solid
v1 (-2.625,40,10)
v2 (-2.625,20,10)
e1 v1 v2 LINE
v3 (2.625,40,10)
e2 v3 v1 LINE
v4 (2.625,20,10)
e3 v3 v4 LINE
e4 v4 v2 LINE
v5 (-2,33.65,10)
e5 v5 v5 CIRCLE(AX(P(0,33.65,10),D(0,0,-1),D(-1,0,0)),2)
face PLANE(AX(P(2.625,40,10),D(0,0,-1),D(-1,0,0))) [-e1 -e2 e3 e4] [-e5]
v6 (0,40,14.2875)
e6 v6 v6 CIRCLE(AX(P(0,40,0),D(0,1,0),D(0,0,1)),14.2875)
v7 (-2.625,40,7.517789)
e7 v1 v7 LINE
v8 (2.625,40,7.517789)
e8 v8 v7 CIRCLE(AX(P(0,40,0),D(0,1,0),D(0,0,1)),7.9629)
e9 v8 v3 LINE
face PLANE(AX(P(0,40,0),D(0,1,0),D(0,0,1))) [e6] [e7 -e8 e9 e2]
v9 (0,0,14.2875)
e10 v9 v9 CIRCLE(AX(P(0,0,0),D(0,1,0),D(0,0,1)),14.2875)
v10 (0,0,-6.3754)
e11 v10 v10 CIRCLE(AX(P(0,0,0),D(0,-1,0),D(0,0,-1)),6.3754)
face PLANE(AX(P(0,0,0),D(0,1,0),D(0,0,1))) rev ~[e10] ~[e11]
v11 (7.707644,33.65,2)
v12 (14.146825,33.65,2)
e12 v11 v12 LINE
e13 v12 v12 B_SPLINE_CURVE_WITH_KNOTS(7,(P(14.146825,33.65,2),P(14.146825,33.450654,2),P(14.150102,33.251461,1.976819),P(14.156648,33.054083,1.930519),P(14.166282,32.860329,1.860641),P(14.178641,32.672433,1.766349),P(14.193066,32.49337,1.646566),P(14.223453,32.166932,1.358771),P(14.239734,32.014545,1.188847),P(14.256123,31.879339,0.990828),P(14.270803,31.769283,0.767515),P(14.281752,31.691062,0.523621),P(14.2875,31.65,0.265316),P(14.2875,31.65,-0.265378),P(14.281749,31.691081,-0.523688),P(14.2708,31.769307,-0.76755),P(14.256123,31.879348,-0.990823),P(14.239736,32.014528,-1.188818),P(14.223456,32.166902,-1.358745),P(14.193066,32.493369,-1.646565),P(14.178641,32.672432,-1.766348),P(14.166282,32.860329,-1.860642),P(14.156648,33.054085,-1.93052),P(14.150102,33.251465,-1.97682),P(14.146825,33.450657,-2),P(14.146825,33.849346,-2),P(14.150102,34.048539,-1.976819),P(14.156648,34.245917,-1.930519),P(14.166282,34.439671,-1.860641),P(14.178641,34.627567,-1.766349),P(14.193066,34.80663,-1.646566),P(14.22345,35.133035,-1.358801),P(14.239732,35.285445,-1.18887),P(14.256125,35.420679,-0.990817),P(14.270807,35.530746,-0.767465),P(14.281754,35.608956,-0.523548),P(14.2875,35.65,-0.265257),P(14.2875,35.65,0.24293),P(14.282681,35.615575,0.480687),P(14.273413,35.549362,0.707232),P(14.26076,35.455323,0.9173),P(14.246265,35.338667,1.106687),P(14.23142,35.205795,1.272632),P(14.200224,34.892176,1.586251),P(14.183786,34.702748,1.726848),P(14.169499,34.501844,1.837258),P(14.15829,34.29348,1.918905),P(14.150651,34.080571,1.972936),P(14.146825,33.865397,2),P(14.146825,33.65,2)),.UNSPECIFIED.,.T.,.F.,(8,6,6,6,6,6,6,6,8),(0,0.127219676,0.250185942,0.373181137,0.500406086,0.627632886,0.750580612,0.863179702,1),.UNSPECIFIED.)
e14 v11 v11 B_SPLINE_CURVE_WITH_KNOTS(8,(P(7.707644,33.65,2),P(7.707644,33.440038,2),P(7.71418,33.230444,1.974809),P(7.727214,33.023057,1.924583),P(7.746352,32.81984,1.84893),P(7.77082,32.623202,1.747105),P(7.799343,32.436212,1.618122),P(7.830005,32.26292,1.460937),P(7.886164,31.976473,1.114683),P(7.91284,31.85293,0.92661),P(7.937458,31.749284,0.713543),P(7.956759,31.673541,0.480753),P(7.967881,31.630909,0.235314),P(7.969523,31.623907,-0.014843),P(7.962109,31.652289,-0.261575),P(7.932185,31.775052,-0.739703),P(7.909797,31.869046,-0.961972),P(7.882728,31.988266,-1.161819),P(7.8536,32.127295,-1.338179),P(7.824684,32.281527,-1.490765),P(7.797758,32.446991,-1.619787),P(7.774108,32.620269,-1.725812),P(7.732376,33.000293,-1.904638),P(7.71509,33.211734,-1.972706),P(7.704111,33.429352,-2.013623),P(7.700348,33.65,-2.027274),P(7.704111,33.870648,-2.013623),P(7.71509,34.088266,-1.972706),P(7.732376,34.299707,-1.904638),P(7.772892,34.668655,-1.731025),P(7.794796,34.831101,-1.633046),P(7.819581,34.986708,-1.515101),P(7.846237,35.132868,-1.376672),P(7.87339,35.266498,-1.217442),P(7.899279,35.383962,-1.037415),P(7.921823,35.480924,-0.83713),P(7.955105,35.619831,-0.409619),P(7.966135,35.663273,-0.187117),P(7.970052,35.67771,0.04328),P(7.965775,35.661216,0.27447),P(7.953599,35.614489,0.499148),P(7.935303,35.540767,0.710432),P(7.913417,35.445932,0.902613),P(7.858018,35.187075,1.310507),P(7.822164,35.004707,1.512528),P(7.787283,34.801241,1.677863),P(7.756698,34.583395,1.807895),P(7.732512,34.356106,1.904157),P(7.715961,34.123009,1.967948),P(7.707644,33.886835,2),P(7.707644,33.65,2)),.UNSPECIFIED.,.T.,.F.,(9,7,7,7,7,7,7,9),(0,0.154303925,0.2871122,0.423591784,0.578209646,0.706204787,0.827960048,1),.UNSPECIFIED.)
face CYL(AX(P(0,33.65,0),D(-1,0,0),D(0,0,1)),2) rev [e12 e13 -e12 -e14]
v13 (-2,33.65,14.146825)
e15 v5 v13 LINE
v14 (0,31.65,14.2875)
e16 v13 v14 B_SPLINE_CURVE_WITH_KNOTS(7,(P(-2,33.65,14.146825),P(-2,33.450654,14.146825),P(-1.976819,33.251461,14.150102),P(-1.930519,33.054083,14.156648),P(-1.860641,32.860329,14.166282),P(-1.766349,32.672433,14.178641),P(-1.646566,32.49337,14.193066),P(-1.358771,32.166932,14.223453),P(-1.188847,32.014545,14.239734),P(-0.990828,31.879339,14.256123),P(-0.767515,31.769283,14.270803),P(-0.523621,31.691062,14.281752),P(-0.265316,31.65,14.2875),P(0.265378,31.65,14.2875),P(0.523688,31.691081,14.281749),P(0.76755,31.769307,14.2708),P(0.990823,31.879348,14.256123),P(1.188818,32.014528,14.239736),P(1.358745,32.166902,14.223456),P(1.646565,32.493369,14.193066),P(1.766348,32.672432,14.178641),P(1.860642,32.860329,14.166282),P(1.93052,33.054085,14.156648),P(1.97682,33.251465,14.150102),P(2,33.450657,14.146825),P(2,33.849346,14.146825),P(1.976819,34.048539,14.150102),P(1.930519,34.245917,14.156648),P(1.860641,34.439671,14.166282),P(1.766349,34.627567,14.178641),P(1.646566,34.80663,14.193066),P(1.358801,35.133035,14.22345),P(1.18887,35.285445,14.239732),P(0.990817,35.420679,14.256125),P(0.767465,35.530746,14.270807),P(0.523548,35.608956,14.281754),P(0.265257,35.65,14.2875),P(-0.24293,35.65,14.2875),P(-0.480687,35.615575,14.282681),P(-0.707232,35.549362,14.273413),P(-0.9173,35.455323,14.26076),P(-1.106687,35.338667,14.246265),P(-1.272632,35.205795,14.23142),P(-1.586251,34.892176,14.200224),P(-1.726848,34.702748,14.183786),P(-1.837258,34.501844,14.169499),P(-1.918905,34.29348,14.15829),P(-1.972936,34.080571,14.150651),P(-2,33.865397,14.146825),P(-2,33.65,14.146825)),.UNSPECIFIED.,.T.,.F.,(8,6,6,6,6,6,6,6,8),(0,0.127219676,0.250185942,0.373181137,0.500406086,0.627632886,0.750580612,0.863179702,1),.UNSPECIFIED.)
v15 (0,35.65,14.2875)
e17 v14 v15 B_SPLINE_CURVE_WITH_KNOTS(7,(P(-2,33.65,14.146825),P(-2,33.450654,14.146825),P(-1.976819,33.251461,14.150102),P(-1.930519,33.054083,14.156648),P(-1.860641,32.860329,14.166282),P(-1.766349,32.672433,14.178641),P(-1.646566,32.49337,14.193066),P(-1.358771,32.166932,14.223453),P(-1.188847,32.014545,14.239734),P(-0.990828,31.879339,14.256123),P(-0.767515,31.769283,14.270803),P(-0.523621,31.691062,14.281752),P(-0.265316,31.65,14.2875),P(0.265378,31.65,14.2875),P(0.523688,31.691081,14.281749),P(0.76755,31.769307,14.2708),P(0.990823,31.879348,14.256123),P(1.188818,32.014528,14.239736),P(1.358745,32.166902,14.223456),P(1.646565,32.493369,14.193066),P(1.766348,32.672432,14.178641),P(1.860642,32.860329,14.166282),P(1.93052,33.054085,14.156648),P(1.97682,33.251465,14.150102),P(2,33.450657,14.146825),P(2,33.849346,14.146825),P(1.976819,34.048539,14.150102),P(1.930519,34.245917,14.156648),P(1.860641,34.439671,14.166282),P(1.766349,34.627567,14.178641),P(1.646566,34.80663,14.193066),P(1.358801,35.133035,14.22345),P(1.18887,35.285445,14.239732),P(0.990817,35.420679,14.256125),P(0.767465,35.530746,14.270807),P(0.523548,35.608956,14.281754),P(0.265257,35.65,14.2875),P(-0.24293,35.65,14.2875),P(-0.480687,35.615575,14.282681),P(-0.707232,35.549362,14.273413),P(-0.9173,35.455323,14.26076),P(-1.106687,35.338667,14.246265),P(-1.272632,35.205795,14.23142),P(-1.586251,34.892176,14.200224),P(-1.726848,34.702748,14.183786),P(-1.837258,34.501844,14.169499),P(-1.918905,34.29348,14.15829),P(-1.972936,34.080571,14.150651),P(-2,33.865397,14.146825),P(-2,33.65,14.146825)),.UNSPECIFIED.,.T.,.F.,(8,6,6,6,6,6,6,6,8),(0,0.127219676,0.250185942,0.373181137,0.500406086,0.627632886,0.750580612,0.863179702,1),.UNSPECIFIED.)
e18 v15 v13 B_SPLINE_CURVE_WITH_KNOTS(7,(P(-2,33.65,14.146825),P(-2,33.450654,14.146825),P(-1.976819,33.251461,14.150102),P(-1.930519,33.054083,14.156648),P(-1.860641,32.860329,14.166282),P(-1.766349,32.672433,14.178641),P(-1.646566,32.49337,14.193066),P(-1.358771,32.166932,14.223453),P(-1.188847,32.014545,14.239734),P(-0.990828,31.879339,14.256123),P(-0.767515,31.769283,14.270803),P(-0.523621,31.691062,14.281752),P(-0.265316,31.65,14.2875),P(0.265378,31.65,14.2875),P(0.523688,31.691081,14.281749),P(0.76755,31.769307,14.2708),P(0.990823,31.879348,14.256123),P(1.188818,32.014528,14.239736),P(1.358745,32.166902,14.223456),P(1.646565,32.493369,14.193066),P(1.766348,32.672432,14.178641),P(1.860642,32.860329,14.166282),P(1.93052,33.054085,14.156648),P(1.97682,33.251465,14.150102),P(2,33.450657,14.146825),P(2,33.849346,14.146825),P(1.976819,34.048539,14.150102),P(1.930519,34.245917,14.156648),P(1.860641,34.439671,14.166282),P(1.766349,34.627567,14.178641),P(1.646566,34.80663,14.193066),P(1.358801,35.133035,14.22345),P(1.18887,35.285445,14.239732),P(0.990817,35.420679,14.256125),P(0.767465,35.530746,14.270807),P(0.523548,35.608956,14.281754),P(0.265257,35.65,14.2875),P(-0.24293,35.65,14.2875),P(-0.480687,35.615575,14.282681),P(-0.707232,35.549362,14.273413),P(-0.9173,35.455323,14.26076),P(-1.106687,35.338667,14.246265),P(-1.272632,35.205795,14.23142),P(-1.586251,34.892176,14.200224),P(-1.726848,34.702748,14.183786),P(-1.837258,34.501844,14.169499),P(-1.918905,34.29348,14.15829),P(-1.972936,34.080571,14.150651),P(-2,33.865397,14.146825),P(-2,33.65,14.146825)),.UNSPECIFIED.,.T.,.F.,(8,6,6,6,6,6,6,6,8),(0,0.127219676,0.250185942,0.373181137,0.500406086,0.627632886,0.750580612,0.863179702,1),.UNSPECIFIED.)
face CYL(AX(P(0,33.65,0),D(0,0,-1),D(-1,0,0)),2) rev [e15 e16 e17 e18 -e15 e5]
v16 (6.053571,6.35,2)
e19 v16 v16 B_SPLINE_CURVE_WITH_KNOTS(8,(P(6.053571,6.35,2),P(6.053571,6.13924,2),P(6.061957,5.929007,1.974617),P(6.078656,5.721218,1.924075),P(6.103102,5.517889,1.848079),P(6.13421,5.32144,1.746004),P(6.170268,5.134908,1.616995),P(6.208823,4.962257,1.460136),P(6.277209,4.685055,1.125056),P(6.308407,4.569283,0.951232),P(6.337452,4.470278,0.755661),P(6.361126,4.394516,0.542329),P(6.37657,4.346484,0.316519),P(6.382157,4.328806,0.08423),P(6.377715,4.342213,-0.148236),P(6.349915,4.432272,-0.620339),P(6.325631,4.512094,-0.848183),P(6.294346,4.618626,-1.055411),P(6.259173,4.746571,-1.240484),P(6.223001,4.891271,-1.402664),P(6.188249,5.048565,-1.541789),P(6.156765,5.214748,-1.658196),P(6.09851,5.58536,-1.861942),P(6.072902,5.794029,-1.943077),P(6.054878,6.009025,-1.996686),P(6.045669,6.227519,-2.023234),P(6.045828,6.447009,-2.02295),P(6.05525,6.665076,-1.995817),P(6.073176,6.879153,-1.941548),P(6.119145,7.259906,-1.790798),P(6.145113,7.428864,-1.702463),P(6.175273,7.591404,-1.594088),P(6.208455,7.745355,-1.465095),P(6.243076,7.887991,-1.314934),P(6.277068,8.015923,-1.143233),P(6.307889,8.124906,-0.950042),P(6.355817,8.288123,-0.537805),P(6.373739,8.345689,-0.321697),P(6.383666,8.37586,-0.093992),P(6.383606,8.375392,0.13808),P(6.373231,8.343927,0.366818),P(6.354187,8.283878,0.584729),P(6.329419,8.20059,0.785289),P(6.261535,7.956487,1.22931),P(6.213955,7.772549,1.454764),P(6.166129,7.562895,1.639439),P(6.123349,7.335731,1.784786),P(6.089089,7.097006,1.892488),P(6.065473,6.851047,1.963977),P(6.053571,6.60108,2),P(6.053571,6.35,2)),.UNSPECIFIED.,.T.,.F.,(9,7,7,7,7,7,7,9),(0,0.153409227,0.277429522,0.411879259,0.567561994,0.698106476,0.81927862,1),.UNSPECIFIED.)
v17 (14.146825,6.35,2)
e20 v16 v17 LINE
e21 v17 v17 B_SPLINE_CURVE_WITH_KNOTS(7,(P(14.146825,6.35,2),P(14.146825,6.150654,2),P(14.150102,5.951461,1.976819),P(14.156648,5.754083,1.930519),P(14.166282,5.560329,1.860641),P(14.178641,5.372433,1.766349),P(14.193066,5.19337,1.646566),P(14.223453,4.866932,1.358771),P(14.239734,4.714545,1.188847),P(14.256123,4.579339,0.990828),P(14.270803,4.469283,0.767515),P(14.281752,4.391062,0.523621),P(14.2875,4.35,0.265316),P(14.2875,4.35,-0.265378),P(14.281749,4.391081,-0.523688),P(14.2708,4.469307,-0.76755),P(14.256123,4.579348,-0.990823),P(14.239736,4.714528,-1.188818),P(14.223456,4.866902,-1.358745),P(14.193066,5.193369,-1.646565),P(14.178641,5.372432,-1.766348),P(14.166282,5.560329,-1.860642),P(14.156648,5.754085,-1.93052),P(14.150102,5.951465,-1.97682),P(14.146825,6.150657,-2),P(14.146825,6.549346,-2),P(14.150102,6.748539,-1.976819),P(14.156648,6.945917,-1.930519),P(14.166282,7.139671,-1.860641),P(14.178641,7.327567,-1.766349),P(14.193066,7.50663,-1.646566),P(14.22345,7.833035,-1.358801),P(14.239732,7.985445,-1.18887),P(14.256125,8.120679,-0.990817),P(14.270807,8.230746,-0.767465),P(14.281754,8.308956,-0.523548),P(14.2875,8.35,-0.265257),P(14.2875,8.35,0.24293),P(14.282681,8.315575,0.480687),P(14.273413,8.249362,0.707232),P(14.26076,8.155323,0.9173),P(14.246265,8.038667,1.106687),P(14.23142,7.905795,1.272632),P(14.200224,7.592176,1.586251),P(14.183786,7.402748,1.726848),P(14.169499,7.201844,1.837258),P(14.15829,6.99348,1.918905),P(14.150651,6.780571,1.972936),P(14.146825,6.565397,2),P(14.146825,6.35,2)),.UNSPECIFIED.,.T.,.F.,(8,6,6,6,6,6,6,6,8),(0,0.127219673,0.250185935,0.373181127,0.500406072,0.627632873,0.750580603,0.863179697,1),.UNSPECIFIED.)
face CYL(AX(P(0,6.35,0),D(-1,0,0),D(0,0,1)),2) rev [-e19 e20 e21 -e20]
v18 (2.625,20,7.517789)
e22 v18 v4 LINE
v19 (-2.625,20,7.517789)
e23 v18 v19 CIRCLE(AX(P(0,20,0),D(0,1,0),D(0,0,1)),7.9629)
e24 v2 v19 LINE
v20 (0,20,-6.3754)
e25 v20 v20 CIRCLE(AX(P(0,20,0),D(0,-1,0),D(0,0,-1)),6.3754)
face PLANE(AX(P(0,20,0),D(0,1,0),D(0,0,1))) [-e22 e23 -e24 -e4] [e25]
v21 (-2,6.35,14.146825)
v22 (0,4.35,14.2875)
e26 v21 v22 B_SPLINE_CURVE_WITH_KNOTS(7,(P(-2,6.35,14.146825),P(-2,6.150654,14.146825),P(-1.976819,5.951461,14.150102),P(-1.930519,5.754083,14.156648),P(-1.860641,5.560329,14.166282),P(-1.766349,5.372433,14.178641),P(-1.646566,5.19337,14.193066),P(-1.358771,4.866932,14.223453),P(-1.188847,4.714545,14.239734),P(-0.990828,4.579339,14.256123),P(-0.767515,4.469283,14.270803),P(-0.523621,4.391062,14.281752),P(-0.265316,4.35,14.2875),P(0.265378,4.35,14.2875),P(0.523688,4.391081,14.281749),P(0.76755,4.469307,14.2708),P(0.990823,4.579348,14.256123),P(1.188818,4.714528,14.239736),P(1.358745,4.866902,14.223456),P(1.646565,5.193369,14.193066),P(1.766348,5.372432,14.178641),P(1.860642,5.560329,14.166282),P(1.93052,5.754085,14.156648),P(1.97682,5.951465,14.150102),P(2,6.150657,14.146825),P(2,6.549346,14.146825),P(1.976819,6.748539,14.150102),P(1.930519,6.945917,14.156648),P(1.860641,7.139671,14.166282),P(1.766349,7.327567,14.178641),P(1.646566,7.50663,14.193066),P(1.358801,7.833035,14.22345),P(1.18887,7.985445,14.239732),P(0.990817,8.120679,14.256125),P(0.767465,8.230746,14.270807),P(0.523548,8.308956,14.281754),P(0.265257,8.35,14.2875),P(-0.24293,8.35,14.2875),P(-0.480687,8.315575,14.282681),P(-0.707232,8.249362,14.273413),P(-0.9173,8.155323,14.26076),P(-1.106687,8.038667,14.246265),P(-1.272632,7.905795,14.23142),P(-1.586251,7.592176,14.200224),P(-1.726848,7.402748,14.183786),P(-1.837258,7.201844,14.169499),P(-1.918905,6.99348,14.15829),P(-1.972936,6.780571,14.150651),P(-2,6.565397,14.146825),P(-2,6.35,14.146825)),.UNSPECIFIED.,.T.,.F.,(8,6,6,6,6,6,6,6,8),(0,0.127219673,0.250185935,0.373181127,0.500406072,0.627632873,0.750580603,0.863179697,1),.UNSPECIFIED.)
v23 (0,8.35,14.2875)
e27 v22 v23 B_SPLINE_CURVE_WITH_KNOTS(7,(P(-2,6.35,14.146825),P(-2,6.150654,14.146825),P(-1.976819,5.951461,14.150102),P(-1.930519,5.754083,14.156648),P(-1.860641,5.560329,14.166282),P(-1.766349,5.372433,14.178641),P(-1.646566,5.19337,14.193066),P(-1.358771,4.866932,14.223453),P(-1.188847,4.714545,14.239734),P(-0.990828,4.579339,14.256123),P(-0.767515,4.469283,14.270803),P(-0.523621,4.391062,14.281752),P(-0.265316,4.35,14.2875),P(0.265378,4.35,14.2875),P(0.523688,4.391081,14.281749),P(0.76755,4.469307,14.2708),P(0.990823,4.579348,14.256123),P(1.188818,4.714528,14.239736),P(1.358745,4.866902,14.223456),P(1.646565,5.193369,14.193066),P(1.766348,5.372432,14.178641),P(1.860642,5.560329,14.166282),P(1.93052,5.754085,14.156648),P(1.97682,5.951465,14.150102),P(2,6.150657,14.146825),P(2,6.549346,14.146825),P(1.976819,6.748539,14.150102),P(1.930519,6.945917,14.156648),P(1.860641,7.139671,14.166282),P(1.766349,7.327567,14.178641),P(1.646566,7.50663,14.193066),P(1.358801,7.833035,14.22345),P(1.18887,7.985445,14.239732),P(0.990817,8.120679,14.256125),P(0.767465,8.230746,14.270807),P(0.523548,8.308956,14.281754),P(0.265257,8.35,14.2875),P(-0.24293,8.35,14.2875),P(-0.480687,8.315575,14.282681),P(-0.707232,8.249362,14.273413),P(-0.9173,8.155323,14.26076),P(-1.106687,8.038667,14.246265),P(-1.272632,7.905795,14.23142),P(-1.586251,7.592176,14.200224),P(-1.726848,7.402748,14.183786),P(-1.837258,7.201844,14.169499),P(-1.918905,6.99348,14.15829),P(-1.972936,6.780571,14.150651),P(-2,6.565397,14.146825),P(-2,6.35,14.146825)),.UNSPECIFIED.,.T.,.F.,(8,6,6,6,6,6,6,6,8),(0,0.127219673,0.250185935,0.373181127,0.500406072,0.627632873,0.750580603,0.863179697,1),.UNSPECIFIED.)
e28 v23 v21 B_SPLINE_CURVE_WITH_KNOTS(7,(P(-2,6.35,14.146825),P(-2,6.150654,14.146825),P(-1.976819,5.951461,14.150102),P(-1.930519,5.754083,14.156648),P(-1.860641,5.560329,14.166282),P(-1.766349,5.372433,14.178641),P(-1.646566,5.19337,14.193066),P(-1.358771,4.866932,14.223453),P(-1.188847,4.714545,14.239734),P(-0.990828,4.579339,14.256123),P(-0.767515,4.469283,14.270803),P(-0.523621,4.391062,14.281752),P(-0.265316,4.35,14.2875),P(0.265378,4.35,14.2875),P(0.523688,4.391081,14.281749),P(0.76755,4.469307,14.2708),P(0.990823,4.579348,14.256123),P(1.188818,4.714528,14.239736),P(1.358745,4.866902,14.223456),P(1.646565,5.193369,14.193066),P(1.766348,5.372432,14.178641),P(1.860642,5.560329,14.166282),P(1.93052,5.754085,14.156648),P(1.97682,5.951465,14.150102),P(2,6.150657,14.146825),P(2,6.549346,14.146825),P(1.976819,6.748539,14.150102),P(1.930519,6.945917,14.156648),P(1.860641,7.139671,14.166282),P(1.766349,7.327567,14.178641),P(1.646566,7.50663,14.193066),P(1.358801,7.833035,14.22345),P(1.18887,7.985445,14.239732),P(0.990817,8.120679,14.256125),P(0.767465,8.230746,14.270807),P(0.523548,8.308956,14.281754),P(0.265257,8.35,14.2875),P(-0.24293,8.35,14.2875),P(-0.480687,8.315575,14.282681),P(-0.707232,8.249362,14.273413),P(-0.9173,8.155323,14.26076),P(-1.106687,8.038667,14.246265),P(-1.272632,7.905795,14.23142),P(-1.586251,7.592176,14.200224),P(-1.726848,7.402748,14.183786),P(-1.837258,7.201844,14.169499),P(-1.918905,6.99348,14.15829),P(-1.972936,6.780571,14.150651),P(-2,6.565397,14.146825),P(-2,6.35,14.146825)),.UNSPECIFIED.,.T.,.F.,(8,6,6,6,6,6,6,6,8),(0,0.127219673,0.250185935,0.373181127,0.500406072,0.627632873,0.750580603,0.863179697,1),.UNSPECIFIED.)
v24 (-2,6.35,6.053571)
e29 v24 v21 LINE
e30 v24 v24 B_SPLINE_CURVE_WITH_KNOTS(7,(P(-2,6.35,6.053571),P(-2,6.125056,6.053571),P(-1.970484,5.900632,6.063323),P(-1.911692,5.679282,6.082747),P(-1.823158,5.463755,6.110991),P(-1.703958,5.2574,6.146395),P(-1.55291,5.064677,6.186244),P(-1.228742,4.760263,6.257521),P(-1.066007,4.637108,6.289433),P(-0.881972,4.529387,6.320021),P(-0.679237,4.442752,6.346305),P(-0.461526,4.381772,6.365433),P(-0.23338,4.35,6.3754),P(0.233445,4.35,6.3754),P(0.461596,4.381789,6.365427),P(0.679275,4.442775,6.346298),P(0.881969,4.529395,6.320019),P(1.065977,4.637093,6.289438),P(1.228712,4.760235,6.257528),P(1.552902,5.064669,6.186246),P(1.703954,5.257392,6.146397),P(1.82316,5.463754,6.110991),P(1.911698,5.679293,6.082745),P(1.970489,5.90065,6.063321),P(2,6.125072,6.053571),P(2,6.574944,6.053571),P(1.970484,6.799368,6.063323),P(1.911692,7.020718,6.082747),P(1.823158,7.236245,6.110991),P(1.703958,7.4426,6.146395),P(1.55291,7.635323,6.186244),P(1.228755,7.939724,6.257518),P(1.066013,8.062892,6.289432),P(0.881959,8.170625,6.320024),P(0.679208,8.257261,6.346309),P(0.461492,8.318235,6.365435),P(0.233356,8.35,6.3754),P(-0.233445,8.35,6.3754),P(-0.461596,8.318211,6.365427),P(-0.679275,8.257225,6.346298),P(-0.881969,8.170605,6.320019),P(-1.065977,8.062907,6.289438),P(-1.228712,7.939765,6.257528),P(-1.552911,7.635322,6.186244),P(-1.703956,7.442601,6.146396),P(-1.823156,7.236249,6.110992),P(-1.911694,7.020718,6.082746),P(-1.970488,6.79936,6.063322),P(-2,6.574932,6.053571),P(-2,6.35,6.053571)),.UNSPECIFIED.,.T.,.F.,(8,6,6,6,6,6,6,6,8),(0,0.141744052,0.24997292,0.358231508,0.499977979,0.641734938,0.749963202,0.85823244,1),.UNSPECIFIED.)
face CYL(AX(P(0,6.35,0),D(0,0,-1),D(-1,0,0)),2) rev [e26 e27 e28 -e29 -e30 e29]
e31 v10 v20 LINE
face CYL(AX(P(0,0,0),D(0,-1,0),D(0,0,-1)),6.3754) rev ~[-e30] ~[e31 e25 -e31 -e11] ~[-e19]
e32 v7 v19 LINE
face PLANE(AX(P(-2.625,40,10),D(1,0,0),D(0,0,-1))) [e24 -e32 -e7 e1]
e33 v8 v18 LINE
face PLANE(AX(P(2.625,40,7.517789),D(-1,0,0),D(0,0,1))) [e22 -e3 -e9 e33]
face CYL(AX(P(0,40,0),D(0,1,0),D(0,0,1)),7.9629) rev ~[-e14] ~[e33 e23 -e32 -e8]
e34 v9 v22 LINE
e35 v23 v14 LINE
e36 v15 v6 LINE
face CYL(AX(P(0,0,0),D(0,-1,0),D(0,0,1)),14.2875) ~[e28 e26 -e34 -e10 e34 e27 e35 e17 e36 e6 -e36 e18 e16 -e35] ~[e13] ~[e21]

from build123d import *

# Parameters (mm, degrees)
SKETCH1_R               = 14.2875
BOSS_EXTRUDE1_DEPTH     = 40
CUT_EXTRUDE1_REACH      = 46.814
SKETCH2_R               = 6.3754
SKETCH3_R               = 7.9629
CUT_EXTRUDE2_DEPTH      = 20
CUT_EXTRUDE3_DEPTH      = 20
CUT_EXTRUDE4_REACH      = 46.814
CUT_EXTRUDE4_END_RADIUS = 14.2875
SKETCH5_R               = 2
CIRPATTERN1_COUNT       = 2
CIRPATTERN1_ANGLE       = 90


with BuildPart() as part:
    # Sketch1 → Boss-Extrude1 (new body)
    with BuildSketch(Plane(origin=(0, 0, 0), x_dir=(1, 0, 0), z_dir=(0, 1, 0))):
        with Locations(Location((0, 0, 0), (0, 0, 270))):
            Circle(SKETCH1_R)
    extrude(amount=BOSS_EXTRUDE1_DEPTH)

    # Sketch2 → Cut-Extrude1 (cut, up to next)
    with BuildSketch(Plane(origin=(0, 0, 0), x_dir=(-1, 0, 0), z_dir=(0, -1, 0)), mode=Mode.PRIVATE) as cut_extrude1_sk1:
        with Locations(Location((0, 0, 0), (0, 0, 90))):
            Circle(SKETCH2_R)
    cut_extrude1_tool1 = extrude(cut_extrude1_sk1.sketch, amount=-CUT_EXTRUDE1_REACH, mode=Mode.PRIVATE) & part.part
    add(cut_extrude1_tool1.solids().sort_by_distance((0, 0, 0))[0], mode=Mode.SUBTRACT)

    # Sketch3 → Cut-Extrude2 (cut)
    with BuildSketch(Plane(origin=(0, 40, 0), x_dir=(1, 0, 0), z_dir=(0, 1, 0))):
        with Locations(Location((0, 0, 0), (0, 0, 270))):
            Circle(SKETCH3_R)
    extrude(amount=-CUT_EXTRUDE2_DEPTH, mode=Mode.SUBTRACT)

    # Sketch4 → Cut-Extrude3 (cut)
    with BuildSketch(Plane(origin=(0, 40, 0), x_dir=(1, 0, 0), z_dir=(0, 1, 0))):
        with BuildLine():
            Line((2.625, -10), (-2.625, -10))
            Line((-2.625, -10), (-2.625, -7.517788997))
            ThreePointArc((-2.625, -7.517788997), (0, -7.9629), (2.625, -7.517788997))
            Line((2.625, -7.517788997), (2.625, -10))
        make_face()
    extrude(amount=-CUT_EXTRUDE3_DEPTH, mode=Mode.SUBTRACT)

    # Cut-Extrude4: up to this cylinder (the profile starts inside it)
    cut_extrude4_end = Plane(origin=(0, 20, 0), z_dir=(0, -1, 0)) * Cylinder(CUT_EXTRUDE4_END_RADIUS, 150.503, mode=Mode.PRIVATE)
    # Sketch5 → Cut-Extrude4 (cut, up to the surface)
    with BuildSketch(Plane.XY, mode=Mode.PRIVATE) as cut_extrude4_sk1:
        with Locations(Location((0, 33.65, 0), (0, 0, 180))):
            Circle(SKETCH5_R)
    cut_extrude4_tool1 = extrude(cut_extrude4_sk1.sketch, amount=CUT_EXTRUDE4_REACH, mode=Mode.PRIVATE) & cut_extrude4_end
    # Sketch5 → Cut-Extrude4 (cut, up to the surface)
    with BuildSketch(Plane.XY, mode=Mode.PRIVATE) as cut_extrude4_sk2:
        with Locations(Location((0, 6.35, 0), (0, 0, 180))):
            Circle(SKETCH5_R)
    cut_extrude4_tool2 = extrude(cut_extrude4_sk2.sketch, amount=CUT_EXTRUDE4_REACH, mode=Mode.PRIVATE) & cut_extrude4_end
    cut_extrude4 = cut_extrude4_tool1.solids().sort_by_distance((0, 33.65, 0))[0] + cut_extrude4_tool2.solids().sort_by_distance((0, 6.35, 0))[0]
    add(cut_extrude4, mode=Mode.SUBTRACT)

    # CirPattern1: Cut-Extrude4 ×2 about axis
    cirpattern1_axis = Axis((0, 40, 0), (0, 1, 0))
    for i in range(1, CIRPATTERN1_COUNT):
        add(cut_extrude4.rotate(cirpattern1_axis, i * CIRPATTERN1_ANGLE / (CIRPATTERN1_COUNT - 1)), mode=Mode.SUBTRACT)


solid = part.part
